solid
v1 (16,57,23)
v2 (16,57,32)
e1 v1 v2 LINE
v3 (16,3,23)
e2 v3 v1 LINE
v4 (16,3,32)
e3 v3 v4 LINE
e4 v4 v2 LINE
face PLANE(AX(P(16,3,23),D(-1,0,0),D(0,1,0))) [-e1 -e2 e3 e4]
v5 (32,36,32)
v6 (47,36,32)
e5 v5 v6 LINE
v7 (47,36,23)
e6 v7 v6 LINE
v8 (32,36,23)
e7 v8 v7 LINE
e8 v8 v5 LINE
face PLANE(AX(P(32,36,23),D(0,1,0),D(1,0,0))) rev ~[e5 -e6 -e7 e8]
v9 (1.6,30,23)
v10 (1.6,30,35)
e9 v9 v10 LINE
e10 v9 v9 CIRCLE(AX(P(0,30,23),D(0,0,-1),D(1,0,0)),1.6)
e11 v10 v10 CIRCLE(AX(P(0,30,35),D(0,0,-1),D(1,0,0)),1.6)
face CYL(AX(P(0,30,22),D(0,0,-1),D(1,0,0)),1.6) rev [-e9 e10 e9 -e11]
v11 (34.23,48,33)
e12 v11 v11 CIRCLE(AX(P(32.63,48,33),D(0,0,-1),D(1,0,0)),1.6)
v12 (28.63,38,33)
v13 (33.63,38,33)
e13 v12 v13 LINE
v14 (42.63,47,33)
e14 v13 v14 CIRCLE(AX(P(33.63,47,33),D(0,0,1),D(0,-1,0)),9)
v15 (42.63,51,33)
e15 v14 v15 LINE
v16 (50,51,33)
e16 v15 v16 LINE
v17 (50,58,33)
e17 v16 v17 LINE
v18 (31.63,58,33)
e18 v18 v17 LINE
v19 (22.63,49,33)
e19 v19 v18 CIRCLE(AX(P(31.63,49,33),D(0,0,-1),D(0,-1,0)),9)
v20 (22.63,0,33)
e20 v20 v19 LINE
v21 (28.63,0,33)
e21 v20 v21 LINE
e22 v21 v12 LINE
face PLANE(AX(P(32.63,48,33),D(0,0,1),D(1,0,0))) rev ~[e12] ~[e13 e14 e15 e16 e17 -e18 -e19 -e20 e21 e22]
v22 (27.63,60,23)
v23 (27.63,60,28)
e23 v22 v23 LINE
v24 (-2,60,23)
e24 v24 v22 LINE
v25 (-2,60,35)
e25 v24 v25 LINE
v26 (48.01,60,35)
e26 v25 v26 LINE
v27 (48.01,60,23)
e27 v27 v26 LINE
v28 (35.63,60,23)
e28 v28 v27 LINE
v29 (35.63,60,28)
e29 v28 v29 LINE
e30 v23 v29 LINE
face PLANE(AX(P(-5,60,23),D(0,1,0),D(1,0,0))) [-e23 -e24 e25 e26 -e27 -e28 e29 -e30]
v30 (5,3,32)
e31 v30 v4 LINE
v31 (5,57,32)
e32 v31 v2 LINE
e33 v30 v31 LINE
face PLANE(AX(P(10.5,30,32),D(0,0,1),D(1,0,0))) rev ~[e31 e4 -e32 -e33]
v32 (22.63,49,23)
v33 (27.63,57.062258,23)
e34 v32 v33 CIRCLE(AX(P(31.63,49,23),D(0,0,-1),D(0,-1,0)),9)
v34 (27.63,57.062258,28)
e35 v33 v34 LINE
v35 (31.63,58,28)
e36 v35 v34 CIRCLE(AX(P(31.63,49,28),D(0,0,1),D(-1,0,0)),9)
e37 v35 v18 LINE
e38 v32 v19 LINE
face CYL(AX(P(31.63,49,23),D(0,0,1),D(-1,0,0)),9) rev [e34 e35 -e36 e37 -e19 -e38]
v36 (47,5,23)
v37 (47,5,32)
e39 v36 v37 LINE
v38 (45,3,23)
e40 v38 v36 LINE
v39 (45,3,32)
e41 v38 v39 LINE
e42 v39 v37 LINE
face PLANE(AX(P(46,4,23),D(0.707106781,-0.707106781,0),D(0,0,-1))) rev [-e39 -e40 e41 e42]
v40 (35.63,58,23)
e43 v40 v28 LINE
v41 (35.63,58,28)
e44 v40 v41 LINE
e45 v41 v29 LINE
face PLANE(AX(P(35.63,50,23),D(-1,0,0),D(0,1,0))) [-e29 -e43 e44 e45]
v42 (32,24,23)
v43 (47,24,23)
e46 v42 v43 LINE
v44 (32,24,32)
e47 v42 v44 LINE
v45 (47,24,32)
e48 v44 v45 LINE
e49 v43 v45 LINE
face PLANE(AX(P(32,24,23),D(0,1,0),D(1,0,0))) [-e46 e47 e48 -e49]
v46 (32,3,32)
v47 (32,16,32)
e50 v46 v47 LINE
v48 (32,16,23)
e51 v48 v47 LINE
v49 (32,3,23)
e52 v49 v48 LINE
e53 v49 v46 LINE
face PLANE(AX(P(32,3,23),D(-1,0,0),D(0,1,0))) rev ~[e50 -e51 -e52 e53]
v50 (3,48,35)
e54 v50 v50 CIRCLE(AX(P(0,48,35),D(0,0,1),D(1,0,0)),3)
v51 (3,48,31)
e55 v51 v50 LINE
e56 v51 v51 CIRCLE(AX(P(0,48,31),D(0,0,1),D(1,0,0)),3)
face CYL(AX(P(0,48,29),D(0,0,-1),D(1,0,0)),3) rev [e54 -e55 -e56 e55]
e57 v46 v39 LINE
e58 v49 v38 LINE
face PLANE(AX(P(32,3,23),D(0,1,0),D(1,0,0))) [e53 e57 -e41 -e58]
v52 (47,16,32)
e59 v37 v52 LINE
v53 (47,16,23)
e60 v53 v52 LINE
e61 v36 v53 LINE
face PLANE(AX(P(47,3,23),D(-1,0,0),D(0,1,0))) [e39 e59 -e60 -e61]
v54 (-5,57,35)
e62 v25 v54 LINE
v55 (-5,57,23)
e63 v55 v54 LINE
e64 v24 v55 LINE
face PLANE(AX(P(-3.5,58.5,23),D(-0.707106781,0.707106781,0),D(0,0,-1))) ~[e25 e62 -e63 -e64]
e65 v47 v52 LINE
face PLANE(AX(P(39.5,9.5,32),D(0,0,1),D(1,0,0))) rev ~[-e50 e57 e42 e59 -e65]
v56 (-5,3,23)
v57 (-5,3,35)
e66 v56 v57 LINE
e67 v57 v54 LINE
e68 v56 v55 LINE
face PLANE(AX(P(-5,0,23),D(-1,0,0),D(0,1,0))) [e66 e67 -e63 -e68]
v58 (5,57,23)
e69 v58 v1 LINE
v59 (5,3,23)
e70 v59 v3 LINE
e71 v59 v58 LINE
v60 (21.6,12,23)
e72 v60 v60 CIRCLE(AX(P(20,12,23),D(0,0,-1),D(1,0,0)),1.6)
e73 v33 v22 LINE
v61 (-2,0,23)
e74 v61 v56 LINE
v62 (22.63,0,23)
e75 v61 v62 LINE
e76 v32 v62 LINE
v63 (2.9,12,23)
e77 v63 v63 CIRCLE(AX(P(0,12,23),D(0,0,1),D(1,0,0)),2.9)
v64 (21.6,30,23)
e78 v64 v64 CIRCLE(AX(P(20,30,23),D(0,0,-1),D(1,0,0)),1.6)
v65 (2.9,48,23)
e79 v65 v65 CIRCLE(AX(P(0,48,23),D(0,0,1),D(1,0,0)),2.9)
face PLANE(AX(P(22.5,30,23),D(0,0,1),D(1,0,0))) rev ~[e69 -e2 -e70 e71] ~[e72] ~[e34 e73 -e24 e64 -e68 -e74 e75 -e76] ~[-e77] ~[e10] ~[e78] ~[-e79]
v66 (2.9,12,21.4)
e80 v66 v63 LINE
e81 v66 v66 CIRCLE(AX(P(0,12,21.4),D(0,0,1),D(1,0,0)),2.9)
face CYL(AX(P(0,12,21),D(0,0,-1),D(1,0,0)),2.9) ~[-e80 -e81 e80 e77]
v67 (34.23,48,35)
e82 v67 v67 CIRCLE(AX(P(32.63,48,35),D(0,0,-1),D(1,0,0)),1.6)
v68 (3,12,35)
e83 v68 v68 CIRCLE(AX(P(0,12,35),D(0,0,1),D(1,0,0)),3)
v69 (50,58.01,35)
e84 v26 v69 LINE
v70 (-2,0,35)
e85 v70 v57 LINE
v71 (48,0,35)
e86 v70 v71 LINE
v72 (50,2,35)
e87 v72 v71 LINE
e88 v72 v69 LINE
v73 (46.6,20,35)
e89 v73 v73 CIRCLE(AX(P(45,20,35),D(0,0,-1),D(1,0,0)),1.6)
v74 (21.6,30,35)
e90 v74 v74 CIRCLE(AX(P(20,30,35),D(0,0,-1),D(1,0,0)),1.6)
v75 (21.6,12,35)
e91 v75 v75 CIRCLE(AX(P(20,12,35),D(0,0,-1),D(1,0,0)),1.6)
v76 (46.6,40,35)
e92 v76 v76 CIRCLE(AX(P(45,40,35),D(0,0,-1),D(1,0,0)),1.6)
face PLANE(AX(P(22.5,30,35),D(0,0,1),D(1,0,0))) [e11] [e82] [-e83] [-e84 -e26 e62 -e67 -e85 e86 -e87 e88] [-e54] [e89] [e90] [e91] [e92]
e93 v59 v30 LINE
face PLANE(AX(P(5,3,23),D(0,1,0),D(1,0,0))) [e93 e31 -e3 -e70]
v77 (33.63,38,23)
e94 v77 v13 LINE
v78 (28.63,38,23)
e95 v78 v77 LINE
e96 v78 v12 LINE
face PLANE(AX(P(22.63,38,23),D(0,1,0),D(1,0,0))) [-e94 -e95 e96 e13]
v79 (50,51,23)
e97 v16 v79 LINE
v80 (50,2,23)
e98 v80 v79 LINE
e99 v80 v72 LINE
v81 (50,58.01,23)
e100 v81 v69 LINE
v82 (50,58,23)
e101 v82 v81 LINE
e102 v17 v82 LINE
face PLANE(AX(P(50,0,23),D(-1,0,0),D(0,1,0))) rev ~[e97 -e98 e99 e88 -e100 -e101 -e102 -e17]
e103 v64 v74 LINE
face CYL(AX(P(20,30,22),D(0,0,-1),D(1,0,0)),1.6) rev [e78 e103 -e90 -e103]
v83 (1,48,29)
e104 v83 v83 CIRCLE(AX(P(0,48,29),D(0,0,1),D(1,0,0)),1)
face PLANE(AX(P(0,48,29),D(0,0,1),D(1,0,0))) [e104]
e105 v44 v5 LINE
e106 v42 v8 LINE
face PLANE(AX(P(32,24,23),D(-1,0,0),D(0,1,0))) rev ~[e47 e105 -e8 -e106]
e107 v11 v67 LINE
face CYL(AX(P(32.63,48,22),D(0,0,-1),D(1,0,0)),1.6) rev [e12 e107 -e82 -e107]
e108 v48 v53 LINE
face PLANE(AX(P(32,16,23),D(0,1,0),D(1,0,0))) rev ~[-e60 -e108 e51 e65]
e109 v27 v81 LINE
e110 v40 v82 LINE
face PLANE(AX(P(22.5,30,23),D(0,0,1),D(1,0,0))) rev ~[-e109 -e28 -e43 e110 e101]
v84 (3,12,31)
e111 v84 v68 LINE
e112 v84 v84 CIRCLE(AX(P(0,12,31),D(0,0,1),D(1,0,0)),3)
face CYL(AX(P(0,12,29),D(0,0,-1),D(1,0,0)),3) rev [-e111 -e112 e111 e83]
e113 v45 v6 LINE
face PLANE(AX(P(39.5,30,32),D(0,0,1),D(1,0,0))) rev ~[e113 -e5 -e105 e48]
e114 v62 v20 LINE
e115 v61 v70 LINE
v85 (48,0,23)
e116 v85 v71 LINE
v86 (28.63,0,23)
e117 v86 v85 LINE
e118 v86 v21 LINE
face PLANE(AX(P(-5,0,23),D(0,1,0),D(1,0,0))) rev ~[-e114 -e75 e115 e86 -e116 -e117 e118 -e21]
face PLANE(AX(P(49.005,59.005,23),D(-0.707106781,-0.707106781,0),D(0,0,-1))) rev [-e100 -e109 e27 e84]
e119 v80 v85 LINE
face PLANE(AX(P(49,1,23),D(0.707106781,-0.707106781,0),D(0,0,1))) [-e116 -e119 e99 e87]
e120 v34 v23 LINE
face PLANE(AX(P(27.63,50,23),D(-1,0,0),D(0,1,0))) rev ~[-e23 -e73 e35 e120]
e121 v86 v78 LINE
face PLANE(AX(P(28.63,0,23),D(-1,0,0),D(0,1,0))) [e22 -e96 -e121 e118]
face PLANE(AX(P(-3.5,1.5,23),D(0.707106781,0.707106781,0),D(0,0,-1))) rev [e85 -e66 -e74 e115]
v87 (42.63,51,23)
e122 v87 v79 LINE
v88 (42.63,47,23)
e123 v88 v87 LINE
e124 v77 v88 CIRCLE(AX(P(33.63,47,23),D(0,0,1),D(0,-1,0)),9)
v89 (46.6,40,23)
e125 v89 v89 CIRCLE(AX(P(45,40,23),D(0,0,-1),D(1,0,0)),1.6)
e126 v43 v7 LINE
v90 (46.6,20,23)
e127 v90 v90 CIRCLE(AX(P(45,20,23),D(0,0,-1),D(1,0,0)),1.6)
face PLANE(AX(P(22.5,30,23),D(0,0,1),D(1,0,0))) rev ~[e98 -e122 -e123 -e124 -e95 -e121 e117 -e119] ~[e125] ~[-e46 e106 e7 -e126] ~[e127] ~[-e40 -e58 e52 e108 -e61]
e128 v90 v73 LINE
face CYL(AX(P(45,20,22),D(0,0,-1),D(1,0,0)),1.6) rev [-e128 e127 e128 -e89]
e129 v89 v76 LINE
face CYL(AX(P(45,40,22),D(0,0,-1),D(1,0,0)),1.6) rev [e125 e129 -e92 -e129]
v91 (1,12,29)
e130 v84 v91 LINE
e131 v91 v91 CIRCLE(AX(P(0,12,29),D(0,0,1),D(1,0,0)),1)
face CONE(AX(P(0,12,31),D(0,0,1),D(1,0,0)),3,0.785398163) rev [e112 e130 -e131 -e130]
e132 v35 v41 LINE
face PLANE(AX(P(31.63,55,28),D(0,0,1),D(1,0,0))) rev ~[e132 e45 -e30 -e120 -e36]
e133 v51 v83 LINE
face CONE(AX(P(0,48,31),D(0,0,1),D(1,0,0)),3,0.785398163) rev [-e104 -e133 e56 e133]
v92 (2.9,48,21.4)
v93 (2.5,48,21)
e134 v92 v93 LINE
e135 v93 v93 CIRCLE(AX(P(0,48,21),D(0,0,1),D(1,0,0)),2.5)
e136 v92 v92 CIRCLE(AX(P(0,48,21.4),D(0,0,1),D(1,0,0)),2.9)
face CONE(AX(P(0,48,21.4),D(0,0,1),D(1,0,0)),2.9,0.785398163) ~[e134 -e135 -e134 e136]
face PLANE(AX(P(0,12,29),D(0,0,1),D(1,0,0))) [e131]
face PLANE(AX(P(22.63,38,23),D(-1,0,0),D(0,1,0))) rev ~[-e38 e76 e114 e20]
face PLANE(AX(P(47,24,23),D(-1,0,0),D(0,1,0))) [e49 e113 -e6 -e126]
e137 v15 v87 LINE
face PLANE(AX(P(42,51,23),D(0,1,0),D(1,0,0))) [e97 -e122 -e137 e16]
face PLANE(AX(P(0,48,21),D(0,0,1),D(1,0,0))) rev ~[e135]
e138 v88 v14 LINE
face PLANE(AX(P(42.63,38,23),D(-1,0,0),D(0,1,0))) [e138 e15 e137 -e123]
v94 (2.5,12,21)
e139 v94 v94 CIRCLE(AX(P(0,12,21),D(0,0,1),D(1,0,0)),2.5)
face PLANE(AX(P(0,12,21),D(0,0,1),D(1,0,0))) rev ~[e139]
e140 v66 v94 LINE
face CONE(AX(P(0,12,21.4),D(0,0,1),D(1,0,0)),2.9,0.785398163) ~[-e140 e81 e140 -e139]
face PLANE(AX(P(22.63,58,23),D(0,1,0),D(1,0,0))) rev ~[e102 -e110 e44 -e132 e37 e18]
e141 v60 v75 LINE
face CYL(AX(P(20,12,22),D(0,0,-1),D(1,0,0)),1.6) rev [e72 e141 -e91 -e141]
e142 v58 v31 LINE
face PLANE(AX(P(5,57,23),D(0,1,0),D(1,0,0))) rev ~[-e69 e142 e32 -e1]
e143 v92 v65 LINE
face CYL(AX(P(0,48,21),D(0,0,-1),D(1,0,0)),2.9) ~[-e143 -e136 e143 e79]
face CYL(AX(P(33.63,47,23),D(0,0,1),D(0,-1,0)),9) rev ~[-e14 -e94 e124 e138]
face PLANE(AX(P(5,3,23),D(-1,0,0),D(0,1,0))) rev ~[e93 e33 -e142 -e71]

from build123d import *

# Parameters (mm, degrees)
BOX038_W          = 8
BOX038_H          = 10
BOX038_DEPTH      = 5
CYLINDER036_R     = 2.9
CYLINDER036_DEPTH = 2
CYLINDER033_R     = 2.9
CYLINDER033_DEPTH = 2
CHAMFER027_SIZE   = 0.4
BOX016_W          = 15
BOX016_H          = 13
BOX016_DEPTH      = 9
CHAMFER018_SIZE   = 2
BOX015_W          = 11
BOX015_H          = 54
BOX015_DEPTH      = 9
BOX017_W          = 15
BOX017_H          = 12
BOX017_DEPTH      = 9
CYLINDER042_R     = 3
CYLINDER042_DEPTH = 6
CHAMFER017_SIZE   = 2
CYLINDER043_R     = 3
CYLINDER043_DEPTH = 6
CHAMFER016_SIZE   = 2
BOX012_W          = 20
BOX012_H          = 20
BOX012_DEPTH      = 10
FILLET_R          = 9
BOX014_W          = 9
BOX014_H          = 7
BOX014_DEPTH      = 10
BOX013_W          = 6
BOX013_H          = 38
BOX013_DEPTH      = 10
CYLINDER038_R     = 1.6
CYLINDER038_DEPTH = 20
CYLINDER037_R     = 1.6
CYLINDER037_DEPTH = 20
CYLINDER041_R     = 1.6
CYLINDER041_DEPTH = 20
CYLINDER040_R     = 1.6
CYLINDER040_DEPTH = 20
CYLINDER039_R     = 1.6
CYLINDER039_DEPTH = 20
CYLINDER035_R     = 1.6
CYLINDER035_DEPTH = 20
BOX011_W          = 55
BOX011_H          = 60
BOX011_DEPTH      = 12
CHAMFER028_SIZE   = 1.99
CHAMFER029_SIZE   = 2
CHAMFER030_SIZE   = 3


with BuildPart() as cube037:
    # Box038 → Box038 (new body)
    with BuildSketch(Plane(origin=(27.63, 50, 23), x_dir=(1, 0, 0), z_dir=(0, 0, 1))):
        with Locations((4, 5)):
            Rectangle(BOX038_W, BOX038_H)
    extrude(amount=BOX038_DEPTH)


with BuildPart() as cylinder031:
    # Cylinder036 → Cylinder036 (new body)
    with BuildSketch(Plane(origin=(0, 48, 22), x_dir=(1, 0, 0), z_dir=(0, 0, 1))):
        Circle(CYLINDER036_R)
    extrude(amount=CYLINDER036_DEPTH)


with BuildPart() as chamfer027:
    # Cylinder033 → Cylinder033 (new body)
    with BuildSketch(Plane(origin=(0, 12, 22), x_dir=(1, 0, 0), z_dir=(0, 0, 1))):
        Circle(CYLINDER033_R)
    extrude(amount=CYLINDER033_DEPTH)

    # Fusion003025021: union Cylinder031
    add(cylinder031.part)


with BuildPart() as chamfer027_1:
    # Fusion003025021 placement: moved
    add(chamfer027.part.moved(Location((0, 0, -1))))

    # Chamfer027
    chamfer027_edges = [chamfer027_1.edges().sort_by_distance(p)[0] for p in [
        (-2.9, 12, 21),
        (-2.9, 48, 21),
    ]]
    chamfer(chamfer027_edges, length=CHAMFER027_SIZE)


with BuildPart() as chamfer018:
    # Box016 → Box016 (new body)
    with BuildSketch(Plane(origin=(32, 3, 23), x_dir=(1, 0, 0), z_dir=(0, 0, 1))):
        with Locations((7.5, 6.5)):
            Rectangle(BOX016_W, BOX016_H)
    extrude(amount=BOX016_DEPTH)

    # Chamfer018
    chamfer018_edges = [chamfer018.edges().sort_by_distance(p)[0] for p in [
        (47, 3, 27.5),
    ]]
    chamfer(chamfer018_edges, length=CHAMFER018_SIZE)


with BuildPart() as cube014:
    # Box015 → Box015 (new body)
    with BuildSketch(Plane(origin=(5, 3, 23), x_dir=(1, 0, 0), z_dir=(0, 0, 1))):
        with Locations((5.5, 27)):
            Rectangle(BOX015_W, BOX015_H)
    extrude(amount=BOX015_DEPTH)


with BuildPart() as fusion003025016:
    # Box017 → Box017 (new body)
    with BuildSketch(Plane(origin=(32, 24, 23), x_dir=(1, 0, 0), z_dir=(0, 0, 1))):
        with Locations((7.5, 6)):
            Rectangle(BOX017_W, BOX017_H)
    extrude(amount=BOX017_DEPTH)

    # Fusion003025016: union Chamfer018, Cube014
    add(chamfer018.part)
    add(cube014.part)


with BuildPart() as chamfer017:
    # Cylinder042 → Cylinder042 (new body)
    with BuildSketch(Plane(origin=(0, 12, 35), x_dir=(1, 0, 0), z_dir=(0, 0, 1))):
        Circle(CYLINDER042_R)
    extrude(amount=CYLINDER042_DEPTH)

    # Chamfer017
    chamfer017_edges = [chamfer017.edges().sort_by_distance(p)[0] for p in [
        (-3, 12, 35),
    ]]
    chamfer(chamfer017_edges, length=CHAMFER017_SIZE)


with BuildPart() as fusion003025012:
    # Cylinder043 → Cylinder043 (new body)
    with BuildSketch(Plane(origin=(0, 48, 35), x_dir=(1, 0, 0), z_dir=(0, 0, 1))):
        Circle(CYLINDER043_R)
    extrude(amount=CYLINDER043_DEPTH)

    # Chamfer016
    chamfer016_edges = [fusion003025012.edges().sort_by_distance(p)[0] for p in [
        (-3, 48, 35),
    ]]
    chamfer(chamfer016_edges, length=CHAMFER016_SIZE)

    # Fusion003025012: union Chamfer017
    add(chamfer017.part)


with BuildPart() as fusion003025012_1:
    # Fusion003025012 placement: moved
    add(fusion003025012.part.moved(Location((0, 0, -6))))


with BuildPart() as fillet_body:
    # Box012 → Box012 (new body)
    with BuildSketch(Plane(origin=(22.63, 38, 23), x_dir=(1, 0, 0), z_dir=(0, 0, 1))):
        with Locations((10, 10)):
            Rectangle(BOX012_W, BOX012_H)
    extrude(amount=BOX012_DEPTH)

    # Fillet
    fillet_edges = [fillet_body.edges().sort_by_distance(p)[0] for p in [
        (22.63, 58, 28),
        (42.63, 38, 28),
    ]]
    fillet(fillet_edges, radius=FILLET_R)


with BuildPart() as cube013:
    # Box014 → Box014 (new body)
    with BuildSketch(Plane(origin=(42, 51, 23), x_dir=(1, 0, 0), z_dir=(0, 0, 1))):
        with Locations((4.5, 3.5)):
            Rectangle(BOX014_W, BOX014_H)
    extrude(amount=BOX014_DEPTH)


with BuildPart() as fusion003025015:
    # Box013 → Box013 (new body)
    with BuildSketch(Plane(origin=(22.63, 0, 23), x_dir=(1, 0, 0), z_dir=(0, 0, 1))):
        with Locations((3, 19)):
            Rectangle(BOX013_W, BOX013_H)
    extrude(amount=BOX013_DEPTH)

    # Fusion003025015: union Fillet body, Cube013
    add(fillet_body.part)
    add(cube013.part)


with BuildPart() as cylinder033:
    # Cylinder038 → Cylinder038 (new body)
    with BuildSketch(Plane(origin=(20, 30, 22), x_dir=(1, 0, 0), z_dir=(0, 0, 1))):
        Circle(CYLINDER038_R)
    extrude(amount=CYLINDER038_DEPTH)


with BuildPart() as cylinder032:
    # Cylinder037 → Cylinder037 (new body)
    with BuildSketch(Plane(origin=(20, 12, 22), x_dir=(1, 0, 0), z_dir=(0, 0, 1))):
        Circle(CYLINDER037_R)
    extrude(amount=CYLINDER037_DEPTH)


with BuildPart() as cylinder036:
    # Cylinder041 → Cylinder041 (new body)
    with BuildSketch(Plane(origin=(45, 20, 22), x_dir=(1, 0, 0), z_dir=(0, 0, 1))):
        Circle(CYLINDER041_R)
    extrude(amount=CYLINDER041_DEPTH)


with BuildPart() as cylinder035:
    # Cylinder040 → Cylinder040 (new body)
    with BuildSketch(Plane(origin=(45, 40, 22), x_dir=(1, 0, 0), z_dir=(0, 0, 1))):
        Circle(CYLINDER040_R)
    extrude(amount=CYLINDER040_DEPTH)


with BuildPart() as cylinder034:
    # Cylinder039 → Cylinder039 (new body)
    with BuildSketch(Plane(origin=(32.63, 48, 22), x_dir=(1, 0, 0), z_dir=(0, 0, 1))):
        Circle(CYLINDER039_R)
    extrude(amount=CYLINDER039_DEPTH)


with BuildPart() as fusion003025009:
    # Cylinder035 → Cylinder035 (new body)
    with BuildSketch(Plane(origin=(0, 30, 22), x_dir=(1, 0, 0), z_dir=(0, 0, 1))):
        Circle(CYLINDER035_R)
    extrude(amount=CYLINDER035_DEPTH)

    # Fusion003025009: union Cylinder033, Cylinder032, Cylinder036, Cylinder035, Cylinder034
    add(cylinder033.part)
    add(cylinder032.part)
    add(cylinder036.part)
    add(cylinder035.part)
    add(cylinder034.part)


with BuildPart() as cut013003032019:
    # Box011 → Box011 (new body)
    with BuildSketch(Plane(origin=(-5, 0, 23), x_dir=(1, 0, 0), z_dir=(0, 0, 1))):
        with Locations((27.5, 30)):
            Rectangle(BOX011_W, BOX011_H)
    extrude(amount=BOX011_DEPTH)

    # Cut013003021: cut Fusion003025009
    add(fusion003025009.part, mode=Mode.SUBTRACT)

    # Cut013003022: cut Fusion003025015
    add(fusion003025015.part, mode=Mode.SUBTRACT)

    # Cut013003023: cut Fusion003025012
    add(fusion003025012_1.part, mode=Mode.SUBTRACT)

    # Cut013003026: cut Fusion003025016
    add(fusion003025016.part, mode=Mode.SUBTRACT)

    # Chamfer028
    chamfer028_edges = [cut013003032019.edges().sort_by_distance(p)[0] for p in [
        (50, 60, 29),
    ]]
    chamfer(chamfer028_edges, length=CHAMFER028_SIZE)

    # Chamfer029
    chamfer029_edges = [cut013003032019.edges().sort_by_distance(p)[0] for p in [
        (50, 0, 29),
    ]]
    chamfer(chamfer029_edges, length=CHAMFER029_SIZE)

    # Chamfer030
    chamfer030_edges = [cut013003032019.edges().sort_by_distance(p)[0] for p in [
        (-5, 0, 29),
        (-5, 60, 29),
    ]]
    chamfer(chamfer030_edges, length=CHAMFER030_SIZE)

    # Fusion003025022: union Chamfer027
    add(chamfer027_1.part)

    # Cut013003032019: cut Cube037
    add(cube037.part, mode=Mode.SUBTRACT)


solid = cut013003032019.part
